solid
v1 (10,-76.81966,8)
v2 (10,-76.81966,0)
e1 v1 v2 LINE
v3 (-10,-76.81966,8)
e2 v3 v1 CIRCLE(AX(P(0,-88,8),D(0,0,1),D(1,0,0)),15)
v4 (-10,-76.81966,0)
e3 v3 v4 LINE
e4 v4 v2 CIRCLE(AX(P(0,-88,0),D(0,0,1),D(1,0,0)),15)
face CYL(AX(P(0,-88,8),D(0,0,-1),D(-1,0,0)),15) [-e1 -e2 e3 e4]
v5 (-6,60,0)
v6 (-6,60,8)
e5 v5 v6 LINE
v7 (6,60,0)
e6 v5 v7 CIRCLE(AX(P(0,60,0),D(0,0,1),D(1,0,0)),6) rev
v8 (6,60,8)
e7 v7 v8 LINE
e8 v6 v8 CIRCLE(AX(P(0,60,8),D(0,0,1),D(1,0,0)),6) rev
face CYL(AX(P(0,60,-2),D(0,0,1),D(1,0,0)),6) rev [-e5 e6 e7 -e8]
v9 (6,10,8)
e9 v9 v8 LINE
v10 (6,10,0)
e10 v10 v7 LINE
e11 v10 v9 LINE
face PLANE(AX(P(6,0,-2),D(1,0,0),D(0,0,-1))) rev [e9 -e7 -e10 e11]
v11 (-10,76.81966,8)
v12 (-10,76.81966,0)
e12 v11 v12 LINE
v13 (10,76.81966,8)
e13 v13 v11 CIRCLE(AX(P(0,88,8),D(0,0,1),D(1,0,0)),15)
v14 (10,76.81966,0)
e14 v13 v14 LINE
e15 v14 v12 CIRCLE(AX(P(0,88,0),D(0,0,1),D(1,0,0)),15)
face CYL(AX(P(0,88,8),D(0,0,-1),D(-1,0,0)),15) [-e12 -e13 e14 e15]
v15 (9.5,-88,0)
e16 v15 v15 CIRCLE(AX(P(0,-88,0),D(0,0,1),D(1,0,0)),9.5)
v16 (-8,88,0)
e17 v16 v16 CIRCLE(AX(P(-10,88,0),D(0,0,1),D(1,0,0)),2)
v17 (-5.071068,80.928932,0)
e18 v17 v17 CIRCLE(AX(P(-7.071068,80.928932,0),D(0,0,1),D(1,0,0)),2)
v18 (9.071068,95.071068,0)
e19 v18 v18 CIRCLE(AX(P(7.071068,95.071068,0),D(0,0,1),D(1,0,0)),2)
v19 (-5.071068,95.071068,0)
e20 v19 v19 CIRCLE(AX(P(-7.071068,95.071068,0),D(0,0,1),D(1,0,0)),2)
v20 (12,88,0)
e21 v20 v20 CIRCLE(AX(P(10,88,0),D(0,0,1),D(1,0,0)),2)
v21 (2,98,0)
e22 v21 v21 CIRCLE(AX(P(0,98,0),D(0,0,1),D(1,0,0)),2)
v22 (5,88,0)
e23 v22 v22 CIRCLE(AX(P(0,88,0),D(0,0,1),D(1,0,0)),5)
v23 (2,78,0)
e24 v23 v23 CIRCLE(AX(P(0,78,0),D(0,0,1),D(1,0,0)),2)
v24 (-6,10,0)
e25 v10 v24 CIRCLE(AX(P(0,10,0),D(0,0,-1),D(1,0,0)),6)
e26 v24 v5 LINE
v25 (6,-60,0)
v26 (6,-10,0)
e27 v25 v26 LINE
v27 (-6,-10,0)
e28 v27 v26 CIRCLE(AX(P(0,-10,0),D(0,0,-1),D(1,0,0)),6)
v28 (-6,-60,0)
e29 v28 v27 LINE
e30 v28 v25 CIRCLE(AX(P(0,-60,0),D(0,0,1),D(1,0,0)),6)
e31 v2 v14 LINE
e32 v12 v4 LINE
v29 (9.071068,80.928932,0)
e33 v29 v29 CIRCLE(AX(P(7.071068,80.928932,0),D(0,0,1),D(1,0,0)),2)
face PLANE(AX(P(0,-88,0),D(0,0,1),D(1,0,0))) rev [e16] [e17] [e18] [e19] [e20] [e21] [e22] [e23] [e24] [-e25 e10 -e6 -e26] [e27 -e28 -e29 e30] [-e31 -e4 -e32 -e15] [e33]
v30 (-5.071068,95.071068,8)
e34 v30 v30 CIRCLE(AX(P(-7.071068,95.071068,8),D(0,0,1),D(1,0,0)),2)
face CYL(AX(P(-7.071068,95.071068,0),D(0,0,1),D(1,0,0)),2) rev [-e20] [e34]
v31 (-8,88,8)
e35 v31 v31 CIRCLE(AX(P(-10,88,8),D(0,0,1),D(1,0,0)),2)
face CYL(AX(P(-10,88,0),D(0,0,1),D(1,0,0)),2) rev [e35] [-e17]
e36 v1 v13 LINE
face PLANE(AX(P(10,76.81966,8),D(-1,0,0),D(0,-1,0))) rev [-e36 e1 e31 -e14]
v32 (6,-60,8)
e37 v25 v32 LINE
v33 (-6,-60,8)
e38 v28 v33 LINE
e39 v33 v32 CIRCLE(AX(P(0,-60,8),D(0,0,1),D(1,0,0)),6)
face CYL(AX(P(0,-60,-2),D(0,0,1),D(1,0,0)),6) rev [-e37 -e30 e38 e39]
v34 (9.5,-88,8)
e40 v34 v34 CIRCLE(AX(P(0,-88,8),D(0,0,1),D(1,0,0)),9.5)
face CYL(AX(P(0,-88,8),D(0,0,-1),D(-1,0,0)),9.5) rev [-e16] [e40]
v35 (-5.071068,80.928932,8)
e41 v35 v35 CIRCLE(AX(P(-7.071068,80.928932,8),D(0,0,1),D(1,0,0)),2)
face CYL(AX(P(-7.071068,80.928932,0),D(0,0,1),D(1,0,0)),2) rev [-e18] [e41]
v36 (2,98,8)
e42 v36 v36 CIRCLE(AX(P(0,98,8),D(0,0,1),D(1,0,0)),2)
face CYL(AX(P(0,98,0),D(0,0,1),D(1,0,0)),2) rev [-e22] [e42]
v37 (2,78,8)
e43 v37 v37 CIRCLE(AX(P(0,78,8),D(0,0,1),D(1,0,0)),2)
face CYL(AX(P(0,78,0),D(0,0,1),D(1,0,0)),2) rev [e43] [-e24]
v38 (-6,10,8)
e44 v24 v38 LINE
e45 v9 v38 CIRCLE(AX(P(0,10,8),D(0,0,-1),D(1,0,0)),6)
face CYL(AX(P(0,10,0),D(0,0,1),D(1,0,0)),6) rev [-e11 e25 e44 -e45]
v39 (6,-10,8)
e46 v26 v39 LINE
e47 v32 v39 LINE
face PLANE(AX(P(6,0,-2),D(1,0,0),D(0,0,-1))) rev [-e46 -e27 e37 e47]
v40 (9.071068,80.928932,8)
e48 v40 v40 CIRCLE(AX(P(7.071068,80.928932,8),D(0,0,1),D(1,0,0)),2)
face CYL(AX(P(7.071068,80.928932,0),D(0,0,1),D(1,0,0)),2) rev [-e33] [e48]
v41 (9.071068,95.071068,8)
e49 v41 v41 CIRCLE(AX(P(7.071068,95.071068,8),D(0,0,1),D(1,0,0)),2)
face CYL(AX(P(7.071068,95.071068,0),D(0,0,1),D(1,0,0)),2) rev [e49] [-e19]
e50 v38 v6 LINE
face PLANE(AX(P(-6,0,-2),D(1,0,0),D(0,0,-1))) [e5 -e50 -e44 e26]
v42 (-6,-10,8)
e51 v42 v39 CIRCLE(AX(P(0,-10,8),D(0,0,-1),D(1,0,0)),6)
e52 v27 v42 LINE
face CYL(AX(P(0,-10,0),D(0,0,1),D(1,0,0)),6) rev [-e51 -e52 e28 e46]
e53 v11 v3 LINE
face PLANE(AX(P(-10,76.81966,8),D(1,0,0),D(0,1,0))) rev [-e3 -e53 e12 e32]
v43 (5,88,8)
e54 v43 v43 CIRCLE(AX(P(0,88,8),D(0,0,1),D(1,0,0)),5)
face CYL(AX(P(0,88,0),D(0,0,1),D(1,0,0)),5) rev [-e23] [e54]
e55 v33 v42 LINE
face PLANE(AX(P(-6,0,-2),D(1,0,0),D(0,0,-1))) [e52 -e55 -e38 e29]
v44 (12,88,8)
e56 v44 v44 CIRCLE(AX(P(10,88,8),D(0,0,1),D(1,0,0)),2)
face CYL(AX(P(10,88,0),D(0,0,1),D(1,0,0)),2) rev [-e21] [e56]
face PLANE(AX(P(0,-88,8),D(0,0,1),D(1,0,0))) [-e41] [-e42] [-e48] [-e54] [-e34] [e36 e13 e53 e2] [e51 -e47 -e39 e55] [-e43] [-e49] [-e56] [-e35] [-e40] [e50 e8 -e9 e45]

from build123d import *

# Parameters (mm, degrees)
SKETCH_1_R          = 9.5
EXTRUDE_1_DEPTH     = 8
SKETCH_3_R          = 2
CUT_EXTRUDE_2_DEPTH = 8
SKETCH_4_R          = 5
CUT_EXTRUDE_3_DEPTH = 8
SKETCH_5_W          = 12
SKETCH_5_H          = 120
CUT_EXTRUDE_4_DEPTH = 10
EXTRUDE_2_DEPTH     = 8


with BuildPart() as part:
    # 草图1 → 凸台-拉伸1 (new body)
    with BuildSketch(Plane.XY):
        with BuildLine():
            Line((-10, 76.819660113), (-10, -76.819660113))
            ThreePointArc((-10, -76.819660113), (0, -103), (10, -76.819660113))
            Line((10, -76.819660113), (10, 76.819660113))
            ThreePointArc((10, 76.819660113), (0, 103), (-10, 76.819660113))
        make_face()
        with Locations((0, -88)):
            Circle(SKETCH_1_R, mode=Mode.SUBTRACT)
    extrude(amount=EXTRUDE_1_DEPTH)

    # 草图3 → 切除-拉伸2 (cut)
    with BuildSketch(Plane.XY.offset(8)):
        with Locations((0, 98)):
            Circle(SKETCH_3_R)
        with Locations((10, 88)):
            Circle(SKETCH_3_R)
        with Locations((0, 78)):
            Circle(SKETCH_3_R)
        with Locations((-10, 88)):
            Circle(SKETCH_3_R)
        with Locations((7.071067812, 95.071067812)):
            Circle(SKETCH_3_R)
        with Locations((7.071067812, 80.928932188)):
            Circle(SKETCH_3_R)
        with Locations((-7.071067812, 80.928932188)):
            Circle(SKETCH_3_R)
        with Locations((-7.071067812, 95.071067812)):
            Circle(SKETCH_3_R)
    extrude(amount=-CUT_EXTRUDE_2_DEPTH, mode=Mode.SUBTRACT)

    # 草图4 → 切除-拉伸3 (cut)
    with BuildSketch(Plane.XY.offset(8)):
        with Locations((0, 88)):
            Circle(SKETCH_4_R)
    extrude(amount=-CUT_EXTRUDE_3_DEPTH, mode=Mode.SUBTRACT)

    # 草图5 → 切除-拉伸4 (cut)
    with BuildSketch(Plane.XY.offset(8)):
        with BuildLine():
            ThreePointArc((-6, 60), (0, 66), (6, 60))
            Line((6, 60), (-6, 60))
        make_face()
        Rectangle(SKETCH_5_W, SKETCH_5_H)
        with BuildLine():
            Line((-6, -60), (6, -60))
            ThreePointArc((6, -60), (0, -66), (-6, -60))
        make_face()
    extrude(amount=-CUT_EXTRUDE_4_DEPTH, mode=Mode.SUBTRACT)

    # 草图6 → 凸台-拉伸2 (add)
    with BuildSketch(Plane.XY.offset(8)):
        with BuildLine():
            Line((-6, 10), (-6, -10))
            ThreePointArc((-6, -10), (0, -4), (6, -10))
            Line((6, -10), (6, 10))
            ThreePointArc((6, 10), (0, 4), (-6, 10))
        make_face()
    extrude(amount=-EXTRUDE_2_DEPTH)


solid = part.part
